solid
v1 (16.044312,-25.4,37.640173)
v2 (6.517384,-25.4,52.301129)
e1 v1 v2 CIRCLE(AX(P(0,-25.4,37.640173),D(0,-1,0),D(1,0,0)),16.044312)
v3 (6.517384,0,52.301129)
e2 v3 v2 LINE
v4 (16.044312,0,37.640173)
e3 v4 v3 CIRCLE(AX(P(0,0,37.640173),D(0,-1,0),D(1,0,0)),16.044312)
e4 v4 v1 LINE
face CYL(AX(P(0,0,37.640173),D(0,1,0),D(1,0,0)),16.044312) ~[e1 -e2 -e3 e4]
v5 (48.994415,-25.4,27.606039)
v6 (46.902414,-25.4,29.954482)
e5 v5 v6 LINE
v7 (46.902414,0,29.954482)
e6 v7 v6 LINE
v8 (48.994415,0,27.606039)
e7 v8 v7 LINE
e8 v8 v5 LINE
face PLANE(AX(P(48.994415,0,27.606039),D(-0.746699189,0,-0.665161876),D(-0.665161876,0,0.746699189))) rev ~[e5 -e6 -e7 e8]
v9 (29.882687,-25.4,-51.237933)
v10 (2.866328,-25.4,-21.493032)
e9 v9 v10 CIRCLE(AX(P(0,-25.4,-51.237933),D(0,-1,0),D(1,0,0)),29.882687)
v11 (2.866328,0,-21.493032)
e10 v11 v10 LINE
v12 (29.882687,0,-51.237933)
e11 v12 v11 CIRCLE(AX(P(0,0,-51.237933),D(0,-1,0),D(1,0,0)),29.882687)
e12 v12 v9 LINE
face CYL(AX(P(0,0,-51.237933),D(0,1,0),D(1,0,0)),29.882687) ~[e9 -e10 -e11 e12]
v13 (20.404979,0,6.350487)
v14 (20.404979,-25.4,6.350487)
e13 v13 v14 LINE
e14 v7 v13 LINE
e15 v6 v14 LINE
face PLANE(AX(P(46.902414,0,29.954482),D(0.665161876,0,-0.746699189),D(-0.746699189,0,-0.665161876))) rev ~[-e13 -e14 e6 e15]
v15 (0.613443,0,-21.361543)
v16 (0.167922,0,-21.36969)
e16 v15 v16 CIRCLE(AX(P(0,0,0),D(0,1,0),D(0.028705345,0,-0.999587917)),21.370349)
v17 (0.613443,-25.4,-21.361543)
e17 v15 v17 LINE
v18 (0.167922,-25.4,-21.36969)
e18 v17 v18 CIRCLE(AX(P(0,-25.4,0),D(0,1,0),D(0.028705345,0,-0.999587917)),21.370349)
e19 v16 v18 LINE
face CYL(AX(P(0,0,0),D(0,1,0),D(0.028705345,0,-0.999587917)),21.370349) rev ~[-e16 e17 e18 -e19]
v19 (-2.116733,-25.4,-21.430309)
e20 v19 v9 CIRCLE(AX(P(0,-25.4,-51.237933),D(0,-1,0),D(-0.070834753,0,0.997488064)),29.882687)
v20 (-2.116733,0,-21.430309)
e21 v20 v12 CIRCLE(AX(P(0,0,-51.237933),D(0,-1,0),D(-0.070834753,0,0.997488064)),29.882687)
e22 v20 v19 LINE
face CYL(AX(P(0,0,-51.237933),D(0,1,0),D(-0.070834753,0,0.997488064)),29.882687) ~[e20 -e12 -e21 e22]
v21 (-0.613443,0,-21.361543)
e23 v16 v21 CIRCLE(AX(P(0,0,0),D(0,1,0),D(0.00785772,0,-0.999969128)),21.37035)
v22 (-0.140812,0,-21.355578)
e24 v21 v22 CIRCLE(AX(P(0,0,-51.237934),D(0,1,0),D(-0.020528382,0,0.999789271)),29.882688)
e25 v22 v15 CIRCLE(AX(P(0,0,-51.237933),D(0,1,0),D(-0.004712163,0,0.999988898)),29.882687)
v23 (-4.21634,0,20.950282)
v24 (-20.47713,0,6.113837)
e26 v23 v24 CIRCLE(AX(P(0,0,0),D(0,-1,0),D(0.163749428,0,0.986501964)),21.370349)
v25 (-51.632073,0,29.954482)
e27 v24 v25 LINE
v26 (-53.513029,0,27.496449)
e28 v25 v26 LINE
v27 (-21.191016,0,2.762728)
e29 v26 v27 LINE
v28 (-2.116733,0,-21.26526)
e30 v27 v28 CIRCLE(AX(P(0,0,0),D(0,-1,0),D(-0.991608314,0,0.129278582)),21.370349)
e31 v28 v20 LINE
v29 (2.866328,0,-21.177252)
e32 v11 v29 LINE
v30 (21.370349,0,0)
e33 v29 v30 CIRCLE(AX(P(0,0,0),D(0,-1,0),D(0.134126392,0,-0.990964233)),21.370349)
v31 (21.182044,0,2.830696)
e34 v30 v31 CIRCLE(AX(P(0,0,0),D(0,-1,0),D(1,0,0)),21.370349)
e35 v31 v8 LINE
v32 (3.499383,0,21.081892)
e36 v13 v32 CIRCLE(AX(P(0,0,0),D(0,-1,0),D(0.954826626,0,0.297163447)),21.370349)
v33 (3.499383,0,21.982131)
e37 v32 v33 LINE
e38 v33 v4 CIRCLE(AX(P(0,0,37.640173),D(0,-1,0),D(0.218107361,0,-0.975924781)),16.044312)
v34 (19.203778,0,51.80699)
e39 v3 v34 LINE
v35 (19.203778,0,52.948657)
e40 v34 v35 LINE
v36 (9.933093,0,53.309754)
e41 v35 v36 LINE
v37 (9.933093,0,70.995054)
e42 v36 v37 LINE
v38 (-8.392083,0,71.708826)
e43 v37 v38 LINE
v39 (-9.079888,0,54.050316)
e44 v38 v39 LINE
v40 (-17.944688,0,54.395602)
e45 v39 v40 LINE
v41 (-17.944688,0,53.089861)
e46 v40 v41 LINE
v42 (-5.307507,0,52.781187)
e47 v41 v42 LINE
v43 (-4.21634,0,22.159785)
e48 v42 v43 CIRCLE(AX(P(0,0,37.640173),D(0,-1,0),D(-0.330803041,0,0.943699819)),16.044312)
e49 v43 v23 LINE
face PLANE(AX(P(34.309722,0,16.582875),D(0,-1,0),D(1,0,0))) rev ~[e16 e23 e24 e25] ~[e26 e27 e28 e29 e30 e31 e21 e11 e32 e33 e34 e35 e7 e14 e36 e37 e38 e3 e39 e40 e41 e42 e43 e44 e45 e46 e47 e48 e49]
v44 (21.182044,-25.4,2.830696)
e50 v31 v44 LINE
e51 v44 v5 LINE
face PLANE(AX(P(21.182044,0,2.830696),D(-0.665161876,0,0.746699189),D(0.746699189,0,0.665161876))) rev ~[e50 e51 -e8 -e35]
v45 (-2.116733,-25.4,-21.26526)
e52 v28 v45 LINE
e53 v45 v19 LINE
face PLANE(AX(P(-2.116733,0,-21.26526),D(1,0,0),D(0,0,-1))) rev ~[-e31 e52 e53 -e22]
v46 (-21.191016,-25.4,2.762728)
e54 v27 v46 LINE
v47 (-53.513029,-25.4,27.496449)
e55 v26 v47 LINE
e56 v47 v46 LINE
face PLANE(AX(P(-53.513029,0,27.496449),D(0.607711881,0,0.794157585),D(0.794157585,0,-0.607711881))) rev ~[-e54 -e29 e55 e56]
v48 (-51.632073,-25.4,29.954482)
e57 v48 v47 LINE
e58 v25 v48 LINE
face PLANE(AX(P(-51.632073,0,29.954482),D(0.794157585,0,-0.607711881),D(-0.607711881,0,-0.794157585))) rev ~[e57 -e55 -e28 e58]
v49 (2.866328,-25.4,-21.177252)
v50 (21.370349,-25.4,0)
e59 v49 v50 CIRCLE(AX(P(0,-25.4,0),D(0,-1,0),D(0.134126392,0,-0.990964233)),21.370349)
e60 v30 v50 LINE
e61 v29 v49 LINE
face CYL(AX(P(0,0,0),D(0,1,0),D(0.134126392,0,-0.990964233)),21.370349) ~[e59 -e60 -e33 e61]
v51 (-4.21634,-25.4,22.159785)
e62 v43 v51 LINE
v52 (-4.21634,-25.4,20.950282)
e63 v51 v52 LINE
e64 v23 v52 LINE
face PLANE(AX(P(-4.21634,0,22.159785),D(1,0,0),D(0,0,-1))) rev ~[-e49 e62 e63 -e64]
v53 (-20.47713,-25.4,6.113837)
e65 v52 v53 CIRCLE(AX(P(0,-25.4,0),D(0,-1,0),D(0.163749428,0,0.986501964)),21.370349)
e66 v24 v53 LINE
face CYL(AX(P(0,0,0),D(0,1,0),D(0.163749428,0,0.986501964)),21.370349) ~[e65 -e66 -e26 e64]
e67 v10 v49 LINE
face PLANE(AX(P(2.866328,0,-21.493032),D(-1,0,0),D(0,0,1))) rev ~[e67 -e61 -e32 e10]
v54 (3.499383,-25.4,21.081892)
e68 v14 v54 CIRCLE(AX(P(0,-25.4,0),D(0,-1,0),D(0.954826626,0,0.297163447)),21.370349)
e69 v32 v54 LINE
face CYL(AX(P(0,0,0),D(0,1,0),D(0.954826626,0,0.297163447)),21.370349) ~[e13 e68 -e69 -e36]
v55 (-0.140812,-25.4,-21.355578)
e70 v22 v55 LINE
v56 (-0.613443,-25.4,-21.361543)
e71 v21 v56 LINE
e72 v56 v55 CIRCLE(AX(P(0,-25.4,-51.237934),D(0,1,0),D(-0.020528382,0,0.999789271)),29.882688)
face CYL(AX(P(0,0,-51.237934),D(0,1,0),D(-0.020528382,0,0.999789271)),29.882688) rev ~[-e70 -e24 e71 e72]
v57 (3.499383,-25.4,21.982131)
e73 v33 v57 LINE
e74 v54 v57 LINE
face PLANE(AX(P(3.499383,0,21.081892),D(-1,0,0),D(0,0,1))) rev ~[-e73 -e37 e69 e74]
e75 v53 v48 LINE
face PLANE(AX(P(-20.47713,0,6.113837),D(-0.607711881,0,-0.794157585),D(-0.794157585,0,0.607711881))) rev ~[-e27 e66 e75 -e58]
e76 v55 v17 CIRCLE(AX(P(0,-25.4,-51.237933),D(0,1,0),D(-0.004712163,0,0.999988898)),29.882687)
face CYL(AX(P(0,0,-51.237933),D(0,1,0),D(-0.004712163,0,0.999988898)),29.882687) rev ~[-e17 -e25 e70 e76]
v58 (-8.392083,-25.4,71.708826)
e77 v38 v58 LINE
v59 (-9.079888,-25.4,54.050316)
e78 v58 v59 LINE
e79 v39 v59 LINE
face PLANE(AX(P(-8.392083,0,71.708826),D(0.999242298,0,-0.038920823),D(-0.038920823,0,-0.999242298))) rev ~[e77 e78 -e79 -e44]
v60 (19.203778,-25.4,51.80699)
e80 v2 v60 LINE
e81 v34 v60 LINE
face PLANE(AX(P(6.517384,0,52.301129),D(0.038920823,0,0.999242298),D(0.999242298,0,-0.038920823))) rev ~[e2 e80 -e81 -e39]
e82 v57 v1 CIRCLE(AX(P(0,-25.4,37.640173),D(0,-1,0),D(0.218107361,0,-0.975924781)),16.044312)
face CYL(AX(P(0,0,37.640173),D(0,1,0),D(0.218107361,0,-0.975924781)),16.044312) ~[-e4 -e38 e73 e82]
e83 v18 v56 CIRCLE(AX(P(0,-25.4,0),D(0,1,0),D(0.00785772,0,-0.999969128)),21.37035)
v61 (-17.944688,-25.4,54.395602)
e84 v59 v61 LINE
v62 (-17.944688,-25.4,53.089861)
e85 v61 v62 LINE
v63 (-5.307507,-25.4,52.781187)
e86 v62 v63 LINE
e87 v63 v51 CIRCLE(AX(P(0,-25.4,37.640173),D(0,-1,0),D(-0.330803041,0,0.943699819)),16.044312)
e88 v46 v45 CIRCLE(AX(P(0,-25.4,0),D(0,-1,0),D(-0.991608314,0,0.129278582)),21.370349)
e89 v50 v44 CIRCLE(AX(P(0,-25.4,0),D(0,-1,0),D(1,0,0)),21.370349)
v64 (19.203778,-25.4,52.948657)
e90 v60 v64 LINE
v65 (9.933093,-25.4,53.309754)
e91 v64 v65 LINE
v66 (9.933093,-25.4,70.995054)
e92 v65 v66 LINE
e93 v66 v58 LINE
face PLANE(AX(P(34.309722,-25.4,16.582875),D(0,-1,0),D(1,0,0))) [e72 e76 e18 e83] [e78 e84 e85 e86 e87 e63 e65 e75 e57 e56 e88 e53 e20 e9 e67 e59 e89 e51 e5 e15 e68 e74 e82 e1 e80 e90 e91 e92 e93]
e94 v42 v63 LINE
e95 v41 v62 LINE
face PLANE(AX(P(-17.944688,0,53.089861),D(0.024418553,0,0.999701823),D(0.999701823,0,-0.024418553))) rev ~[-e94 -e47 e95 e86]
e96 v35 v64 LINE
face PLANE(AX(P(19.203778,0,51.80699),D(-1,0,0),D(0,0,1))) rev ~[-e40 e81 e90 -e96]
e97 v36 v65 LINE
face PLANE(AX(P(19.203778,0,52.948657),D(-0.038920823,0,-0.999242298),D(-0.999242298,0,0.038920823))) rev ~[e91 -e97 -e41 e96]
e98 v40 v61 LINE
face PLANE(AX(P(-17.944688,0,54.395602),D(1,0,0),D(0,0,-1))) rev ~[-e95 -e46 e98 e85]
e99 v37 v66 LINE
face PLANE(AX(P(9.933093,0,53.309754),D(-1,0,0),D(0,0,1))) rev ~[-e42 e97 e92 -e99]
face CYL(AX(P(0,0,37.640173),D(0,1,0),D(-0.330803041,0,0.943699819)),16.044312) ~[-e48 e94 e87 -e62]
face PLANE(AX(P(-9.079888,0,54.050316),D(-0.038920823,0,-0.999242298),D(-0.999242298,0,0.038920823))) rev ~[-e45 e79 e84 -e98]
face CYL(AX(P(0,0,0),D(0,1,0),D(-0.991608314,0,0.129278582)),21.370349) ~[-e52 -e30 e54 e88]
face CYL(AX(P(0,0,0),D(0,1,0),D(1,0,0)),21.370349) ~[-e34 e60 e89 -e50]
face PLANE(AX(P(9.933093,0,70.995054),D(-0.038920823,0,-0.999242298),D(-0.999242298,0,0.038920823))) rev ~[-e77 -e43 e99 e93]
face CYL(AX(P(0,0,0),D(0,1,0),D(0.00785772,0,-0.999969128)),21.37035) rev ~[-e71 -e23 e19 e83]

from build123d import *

# Parameters (mm, degrees)
F1_DEPTH = 25.4


with BuildPart() as f1:
    # F0 (on Front) → F1 (new body)
    with BuildSketch(Plane.XZ):
        with BuildLine():
            ThreePointArc((20.4049786892, 6.3504867092), (20.8678544717, 4.6070040701), (21.1820442154, 2.8306959584))
            Line((21.1820442154, 2.8306959584), (48.9944145362, 27.6060388008))
            Line((48.9944145362, 27.6060388008), (46.9024144113, 29.9544818699))
            Line((46.9024144113, 29.9544818699), (20.4049786892, 6.3504867092))
        make_face()
        with BuildLine():
            ThreePointArc((-21.1910162126, 2.7627284755), (-20.9013414742, 4.4526128656), (-20.4771295901, 6.1138368071))
            Line((-20.4771295901, 6.1138368071), (-51.6320727766, 29.9544818699))
            Line((-51.6320727766, 29.9544818699), (-53.5130294584, 27.4964486077))
            Line((-53.5130294584, 27.4964486077), (-21.1910162126, 2.7627284755))
        make_face()
        with BuildLine():
            ThreePointArc((-4.2163397384, 20.950282002), (-0.3644683786, 21.3672412715), (3.4993825041, 21.0818917283))
            Line((3.4993825041, 21.0818917283), (3.4993825041, 21.9821314982))
            ThreePointArc((3.4993825041, 21.9821314982), (-0.3693197629, 21.6001123859), (-4.2163397384, 22.1597847365))
            Line((-4.2163397384, 22.1597847365), (-4.2163397384, 20.950282002))
        make_face()
        with BuildLine():
            ThreePointArc((-2.1167327844, -21.4303093495), (-1.3655209552, -21.3864617153), (-0.6134432394, -21.3615431124))
            ThreePointArc((-0.6134432394, -21.3615431124), (-1.3659366362, -21.3266512575), (-2.1167327844, -21.2652599108))
            Line((-2.1167327844, -21.2652599108), (-2.1167327844, -21.4303093495))
        make_face()
        with BuildLine():
            Line((2.8663278709, -21.4930317571), (2.8663278709, -21.1772519768))
            ThreePointArc((2.8663278709, -21.1772519768), (1.7423238937, -21.2992052481), (0.6134432394, -21.3615431124))
            ThreePointArc((0.6134432394, -21.3615431124), (1.7411272386, -21.4060128256), (2.8663278709, -21.4930317571))
        make_face()
        with BuildLine():
            ThreePointArc((-0.6134432394, -21.3615431124), (-0.3771394581, -21.3576259208), (-0.140812087, -21.3555777168))
            Line((-0.140812087, -21.3555777168), (-2.1167327844, -21.2652599108))
            ThreePointArc((-2.1167327844, -21.2652599108), (-1.3659366362, -21.3266512575), (-0.6134432394, -21.3615431124))
        make_face()
        with BuildLine():
            ThreePointArc((29.8826873875, -51.2379333377), (22.1204496475, -31.1466239505), (2.8663278709, -21.4930317571))
            Line((2.8663278709, -21.4930317571), (0.1679222298, -21.3696897235))
            ThreePointArc((0.1679222298, -21.3696897235), (-0.2227977431, -21.36918805), (-0.6134432394, -21.3615431124))
            ThreePointArc((-0.6134432394, -21.3615431124), (-1.3655209552, -21.3864617153), (-2.1167327844, -21.4303093495))
            ThreePointArc((-2.1167327844, -21.4303093495), (-20.3681287975, -73.1037590662), (29.8826873875, -51.2379333377))
        make_face()
        with BuildLine():
            ThreePointArc((2.8663278709, -21.4930317571), (1.7411272386, -21.4060128256), (0.6134432394, -21.3615431124))
            ThreePointArc((0.6134432394, -21.3615431124), (0.3907039685, -21.3667776504), (0.1679222298, -21.3696897235))
            Line((0.1679222298, -21.3696897235), (2.8663278709, -21.4930317571))
        make_face()
        with BuildLine():
            ThreePointArc((3.0698445182, 53.3880616036), (4.8243232871, 52.9419979131), (6.517384434, 52.3011293468))
            Line((6.517384434, 52.3011293468), (19.2037780342, 51.8069900572))
            Line((19.2037780342, 51.8069900572), (19.2037780342, 52.9486572193))
            Line((19.2037780342, 52.9486572193), (9.9330925167, 53.3097535324))
            Line((9.9330925167, 53.3097535324), (3.0771956701, 53.5767930161))
            Line((3.0771956701, 53.5767930161), (3.0698445182, 53.3880616036))
        make_face()
        with BuildLine():
            Line((-17.9446875836, 53.0898608267), (-5.3075071271, 52.7811871321))
            ThreePointArc((-5.3075071271, 52.7811871321), (-3.6405354999, 53.2659991259), (-1.9309409864, 53.567866108))
            Line((-1.9309409864, 53.567866108), (-1.9230073291, 53.7715526015))
            Line((-1.9230073291, 53.7715526015), (-9.0798883723, 54.0503155207))
            Line((-9.0798883723, 54.0503155207), (-17.9446875836, 54.395602426))
            Line((-17.9446875836, 54.395602426), (-17.9446875836, 53.0898608267))
        make_face()
        Polygon((-1.9230073291, 53.7715526015), (0.6244581833, 53.6723279646), (3.0771956701, 53.5767930161), (9.9330925167, 53.3097535324), (9.9330925167, 70.9950544663), (-8.3920834524, 71.7088262222), (-9.0798883723, 54.0503155207), align=None)
        with BuildLine():
            ThreePointArc((2.8663278709, -21.1772519768), (16.0926421862, -14.0612483165), (21.3703494766, 0))
            ThreePointArc((21.3703494766, 0), (21.323221195, 1.4184761612), (21.1820442154, 2.8306959584))
            ThreePointArc((21.1820442154, 2.8306959584), (20.8678544717, 4.6070040701), (20.4049786892, 6.3504867092))
            ThreePointArc((20.4049786892, 6.3504867092), (14.0395225871, 16.1115996189), (3.4993825041, 21.0818917283))
            ThreePointArc((3.4993825041, 21.0818917283), (-0.3644683786, 21.3672412715), (-4.2163397384, 20.950282002))
            ThreePointArc((-4.2163397384, 20.950282002), (-14.4038843155, 15.7867017891), (-20.4771295901, 6.1138368071))
            ThreePointArc((-20.4771295901, 6.1138368071), (-20.9013414742, 4.4526128656), (-21.1910162126, 2.7627284755))
            ThreePointArc((-21.1910162126, 2.7627284755), (-16.7376476035, -13.2869480865), (-2.1167327844, -21.2652599108))
            Line((-2.1167327844, -21.2652599108), (-0.140812087, -21.3555777168))
            ThreePointArc((-0.140812087, -21.3555777168), (0.2363343988, -21.3561805184), (0.6134432394, -21.3615431124))
            ThreePointArc((0.6134432394, -21.3615431124), (1.7423238937, -21.2992052481), (2.8663278709, -21.1772519768))
        make_face()
        with BuildLine():
            Line((-1.9230073291, 53.7715526015), (-1.9309409864, 53.567866108))
            ThreePointArc((-1.9309409864, 53.567866108), (-0.6553261773, 53.6710958815), (0.6244581833, 53.6723279646))
            Line((0.6244581833, 53.6723279646), (-1.9230073291, 53.7715526015))
        make_face()
        with BuildLine():
            ThreePointArc((0.6244581833, 53.6723279646), (1.8526116575, 53.5771667843), (3.0698445182, 53.3880616036))
            Line((3.0698445182, 53.3880616036), (3.0771956701, 53.5767930161))
            Line((3.0771956701, 53.5767930161), (0.6244581833, 53.6723279646))
        make_face()
        with BuildLine():
            ThreePointArc((-4.2163397384, 22.1597847365), (-0.3693197629, 21.6001123859), (3.4993825041, 21.9821314982))
            ThreePointArc((3.4993825041, 21.9821314982), (12.5212843835, 27.6083546784), (16.0443118023, 37.6401729882))
            ThreePointArc((16.0443118023, 37.6401729882), (13.4533804155, 46.3823979114), (6.517384434, 52.3011293468))
            ThreePointArc((6.517384434, 52.3011293468), (4.8243232871, 52.9419979131), (3.0698445182, 53.3880616036))
            ThreePointArc((3.0698445182, 53.3880616036), (1.8526116575, 53.5771667843), (0.6244581833, 53.6723279646))
            ThreePointArc((0.6244581833, 53.6723279646), (-0.6553261773, 53.6710958815), (-1.9309409864, 53.567866108))
            ThreePointArc((-1.9309409864, 53.567866108), (-3.6405354999, 53.2659991259), (-5.3075071271, 52.7811871321))
            ThreePointArc((-5.3075071271, 52.7811871321), (-16.0341350234, 37.0688103505), (-4.2163397384, 22.1597847365))
        make_face()
    extrude(amount=F1_DEPTH)


solid = f1.part
